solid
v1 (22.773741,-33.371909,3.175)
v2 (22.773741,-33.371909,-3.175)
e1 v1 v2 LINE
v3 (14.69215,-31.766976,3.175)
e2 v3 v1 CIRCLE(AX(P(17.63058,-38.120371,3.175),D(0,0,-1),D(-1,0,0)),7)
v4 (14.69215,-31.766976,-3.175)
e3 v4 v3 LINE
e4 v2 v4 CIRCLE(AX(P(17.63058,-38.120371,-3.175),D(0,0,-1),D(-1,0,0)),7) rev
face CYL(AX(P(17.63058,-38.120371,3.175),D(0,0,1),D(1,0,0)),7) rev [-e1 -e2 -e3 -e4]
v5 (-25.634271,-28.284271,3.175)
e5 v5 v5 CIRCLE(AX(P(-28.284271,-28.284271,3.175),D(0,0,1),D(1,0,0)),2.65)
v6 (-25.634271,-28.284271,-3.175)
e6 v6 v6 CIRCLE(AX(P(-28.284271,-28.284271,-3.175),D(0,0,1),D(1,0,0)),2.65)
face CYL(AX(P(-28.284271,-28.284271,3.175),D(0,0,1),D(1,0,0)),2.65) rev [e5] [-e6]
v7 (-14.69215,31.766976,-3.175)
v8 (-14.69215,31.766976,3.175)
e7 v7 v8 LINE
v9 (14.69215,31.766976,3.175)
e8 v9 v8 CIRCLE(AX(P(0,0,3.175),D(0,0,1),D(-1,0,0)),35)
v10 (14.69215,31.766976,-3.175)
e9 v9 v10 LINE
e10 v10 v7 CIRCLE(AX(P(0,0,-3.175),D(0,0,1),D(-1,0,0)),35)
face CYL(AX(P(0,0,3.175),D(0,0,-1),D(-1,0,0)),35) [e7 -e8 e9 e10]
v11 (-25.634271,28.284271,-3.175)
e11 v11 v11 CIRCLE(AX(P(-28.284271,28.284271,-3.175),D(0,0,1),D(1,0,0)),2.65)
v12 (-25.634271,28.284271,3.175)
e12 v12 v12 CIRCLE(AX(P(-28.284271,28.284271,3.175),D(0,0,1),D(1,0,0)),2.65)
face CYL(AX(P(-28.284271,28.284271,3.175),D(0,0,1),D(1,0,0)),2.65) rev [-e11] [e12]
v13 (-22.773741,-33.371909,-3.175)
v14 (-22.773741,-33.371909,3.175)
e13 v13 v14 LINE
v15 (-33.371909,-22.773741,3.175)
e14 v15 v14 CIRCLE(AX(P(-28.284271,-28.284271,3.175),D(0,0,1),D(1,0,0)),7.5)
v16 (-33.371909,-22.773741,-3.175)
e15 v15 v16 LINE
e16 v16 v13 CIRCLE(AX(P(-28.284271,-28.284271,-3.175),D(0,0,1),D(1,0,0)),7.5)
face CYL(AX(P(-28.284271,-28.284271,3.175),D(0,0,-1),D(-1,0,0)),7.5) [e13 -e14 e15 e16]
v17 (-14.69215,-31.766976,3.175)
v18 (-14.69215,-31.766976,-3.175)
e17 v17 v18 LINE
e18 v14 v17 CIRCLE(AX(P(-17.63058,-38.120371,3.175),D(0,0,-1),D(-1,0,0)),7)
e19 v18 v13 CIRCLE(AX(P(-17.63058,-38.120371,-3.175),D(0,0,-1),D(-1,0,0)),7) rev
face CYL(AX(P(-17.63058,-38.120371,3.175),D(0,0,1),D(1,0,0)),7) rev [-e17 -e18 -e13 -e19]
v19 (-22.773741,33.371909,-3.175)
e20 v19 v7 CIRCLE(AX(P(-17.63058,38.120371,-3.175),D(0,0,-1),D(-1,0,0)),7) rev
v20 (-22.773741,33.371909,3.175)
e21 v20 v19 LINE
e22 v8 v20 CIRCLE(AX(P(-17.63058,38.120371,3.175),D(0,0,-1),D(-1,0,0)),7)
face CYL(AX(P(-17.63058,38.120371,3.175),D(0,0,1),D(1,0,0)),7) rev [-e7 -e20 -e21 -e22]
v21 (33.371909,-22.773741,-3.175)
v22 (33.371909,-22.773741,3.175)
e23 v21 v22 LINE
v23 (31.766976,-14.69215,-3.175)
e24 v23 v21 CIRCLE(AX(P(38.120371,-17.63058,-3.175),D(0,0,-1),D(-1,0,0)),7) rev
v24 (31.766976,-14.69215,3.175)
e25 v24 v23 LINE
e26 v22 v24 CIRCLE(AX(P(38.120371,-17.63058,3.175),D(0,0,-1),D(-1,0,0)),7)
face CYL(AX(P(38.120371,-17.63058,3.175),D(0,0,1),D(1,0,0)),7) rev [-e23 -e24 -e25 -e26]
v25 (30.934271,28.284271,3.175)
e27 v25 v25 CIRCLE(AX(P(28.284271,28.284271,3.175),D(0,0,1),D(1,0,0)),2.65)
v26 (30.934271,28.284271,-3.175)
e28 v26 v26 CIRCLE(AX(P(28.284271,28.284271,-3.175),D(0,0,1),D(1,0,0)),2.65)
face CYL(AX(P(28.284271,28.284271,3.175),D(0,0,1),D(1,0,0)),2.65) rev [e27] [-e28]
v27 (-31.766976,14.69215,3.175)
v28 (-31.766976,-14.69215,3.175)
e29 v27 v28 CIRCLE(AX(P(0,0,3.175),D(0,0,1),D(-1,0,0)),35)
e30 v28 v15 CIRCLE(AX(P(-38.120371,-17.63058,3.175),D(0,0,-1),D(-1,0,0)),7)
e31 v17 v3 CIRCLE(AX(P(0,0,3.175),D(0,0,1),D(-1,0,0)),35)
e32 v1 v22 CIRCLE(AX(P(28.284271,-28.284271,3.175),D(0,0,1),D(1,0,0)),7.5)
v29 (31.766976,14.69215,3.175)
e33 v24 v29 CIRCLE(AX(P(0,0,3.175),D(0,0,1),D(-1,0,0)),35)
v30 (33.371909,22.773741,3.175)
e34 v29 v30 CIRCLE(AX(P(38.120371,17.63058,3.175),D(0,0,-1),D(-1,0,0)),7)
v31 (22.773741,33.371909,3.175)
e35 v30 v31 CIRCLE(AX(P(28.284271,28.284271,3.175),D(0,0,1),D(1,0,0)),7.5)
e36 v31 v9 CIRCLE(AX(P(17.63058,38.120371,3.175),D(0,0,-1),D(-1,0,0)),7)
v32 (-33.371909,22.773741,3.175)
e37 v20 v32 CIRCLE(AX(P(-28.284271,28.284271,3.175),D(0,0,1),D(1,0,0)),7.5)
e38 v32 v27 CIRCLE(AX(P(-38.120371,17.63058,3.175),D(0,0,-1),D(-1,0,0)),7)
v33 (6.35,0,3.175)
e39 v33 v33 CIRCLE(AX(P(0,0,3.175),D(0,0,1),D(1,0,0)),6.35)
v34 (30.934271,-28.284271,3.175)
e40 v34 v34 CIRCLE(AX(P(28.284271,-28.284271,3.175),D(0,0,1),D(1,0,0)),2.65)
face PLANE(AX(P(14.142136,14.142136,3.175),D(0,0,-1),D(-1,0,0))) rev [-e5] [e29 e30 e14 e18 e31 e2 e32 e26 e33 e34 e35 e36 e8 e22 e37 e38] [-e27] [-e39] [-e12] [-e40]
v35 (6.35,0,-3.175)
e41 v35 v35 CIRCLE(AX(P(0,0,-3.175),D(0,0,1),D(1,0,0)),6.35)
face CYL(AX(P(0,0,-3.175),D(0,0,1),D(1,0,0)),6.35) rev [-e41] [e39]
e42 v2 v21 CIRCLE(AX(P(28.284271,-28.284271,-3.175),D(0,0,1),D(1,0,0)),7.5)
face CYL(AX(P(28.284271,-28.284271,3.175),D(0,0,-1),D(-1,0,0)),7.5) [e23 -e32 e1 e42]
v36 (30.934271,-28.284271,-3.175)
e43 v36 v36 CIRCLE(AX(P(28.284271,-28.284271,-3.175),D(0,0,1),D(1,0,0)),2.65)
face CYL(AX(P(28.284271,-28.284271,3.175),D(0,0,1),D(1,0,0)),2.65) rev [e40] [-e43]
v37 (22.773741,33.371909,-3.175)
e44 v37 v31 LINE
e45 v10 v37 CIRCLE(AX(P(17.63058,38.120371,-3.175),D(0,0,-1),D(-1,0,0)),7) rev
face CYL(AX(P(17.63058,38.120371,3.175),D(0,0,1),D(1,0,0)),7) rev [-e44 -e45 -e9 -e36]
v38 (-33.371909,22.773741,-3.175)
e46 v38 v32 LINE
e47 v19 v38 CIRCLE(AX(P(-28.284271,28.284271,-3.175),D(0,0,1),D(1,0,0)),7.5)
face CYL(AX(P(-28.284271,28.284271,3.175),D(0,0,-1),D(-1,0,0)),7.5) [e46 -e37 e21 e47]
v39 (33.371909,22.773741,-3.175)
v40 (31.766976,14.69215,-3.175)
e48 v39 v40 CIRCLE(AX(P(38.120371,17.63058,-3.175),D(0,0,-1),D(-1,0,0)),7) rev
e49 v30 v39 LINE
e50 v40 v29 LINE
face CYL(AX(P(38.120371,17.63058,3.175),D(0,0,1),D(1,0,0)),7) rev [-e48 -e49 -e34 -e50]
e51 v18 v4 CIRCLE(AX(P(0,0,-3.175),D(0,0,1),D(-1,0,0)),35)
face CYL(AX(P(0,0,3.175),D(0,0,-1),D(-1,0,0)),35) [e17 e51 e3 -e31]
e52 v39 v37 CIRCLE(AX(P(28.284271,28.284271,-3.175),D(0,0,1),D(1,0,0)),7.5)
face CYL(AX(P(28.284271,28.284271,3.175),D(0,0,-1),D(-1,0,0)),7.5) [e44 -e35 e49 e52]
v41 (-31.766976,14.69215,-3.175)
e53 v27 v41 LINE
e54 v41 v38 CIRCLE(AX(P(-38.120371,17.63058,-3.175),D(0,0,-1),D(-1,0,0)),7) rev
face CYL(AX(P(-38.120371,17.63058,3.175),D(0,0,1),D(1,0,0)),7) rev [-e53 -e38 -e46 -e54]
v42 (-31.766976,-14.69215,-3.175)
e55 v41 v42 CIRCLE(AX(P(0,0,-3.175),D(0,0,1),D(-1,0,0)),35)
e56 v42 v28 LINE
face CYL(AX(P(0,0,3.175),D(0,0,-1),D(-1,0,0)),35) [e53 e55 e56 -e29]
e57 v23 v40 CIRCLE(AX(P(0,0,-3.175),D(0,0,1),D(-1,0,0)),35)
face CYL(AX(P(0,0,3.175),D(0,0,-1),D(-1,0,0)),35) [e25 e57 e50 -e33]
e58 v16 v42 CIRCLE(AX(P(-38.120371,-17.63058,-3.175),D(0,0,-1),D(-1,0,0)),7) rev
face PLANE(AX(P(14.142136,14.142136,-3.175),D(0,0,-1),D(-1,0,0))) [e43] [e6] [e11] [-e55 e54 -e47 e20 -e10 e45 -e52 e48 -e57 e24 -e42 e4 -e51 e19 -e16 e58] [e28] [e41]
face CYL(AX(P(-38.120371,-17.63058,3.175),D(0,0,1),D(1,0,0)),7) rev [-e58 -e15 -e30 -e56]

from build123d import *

# Parameters (mm, degrees)
BOSS_EXTRUDE1_DEPTH      = 3.175
FILLET1_R                = 7
M5_CLEARANCE_HOLE1_D     = 5.3
M5_CLEARANCE_HOLE1_DEPTH = 6.35
M5_CLEARANCE_HOLE1_TIP   = 1.59228064
SKETCH4_R                = 6.35
CUT_EXTRUDE1_DEPTH       = 52.003437659


with BuildPart() as part:
    # Sketch1 → Boss-Extrude1 (new, symmetric)
    with BuildSketch(Plane.XY):
        with BuildLine():
            ThreePointArc((-20.785305148, 28.159742362), (-33.587572106, 33.587572106), (-28.159742362, 20.785305148))
            ThreePointArc((-28.159742362, 20.785305148), (-35, 0), (-28.159742362, -20.785305148))
            ThreePointArc((-28.159742362, -20.785305148), (-33.587572106, -33.587572106), (-20.785305148, -28.159742362))
            ThreePointArc((-20.785305148, -28.159742362), (0, -35), (20.785305148, -28.159742362))
            ThreePointArc((20.785305148, -28.159742362), (33.587572106, -33.587572106), (28.159742362, -20.785305148))
            ThreePointArc((28.159742362, -20.785305148), (35, 0), (28.159742362, 20.785305148))
            ThreePointArc((28.159742362, 20.785305148), (33.587572106, 33.587572106), (20.785305148, 28.159742362))
            ThreePointArc((20.785305148, 28.159742362), (0, 35), (-20.785305148, 28.159742362))
        make_face()
    extrude(amount=BOSS_EXTRUDE1_DEPTH, both=True)

    # Fillet1
    fillet1_edges = [part.edges().sort_by_distance(p)[0] for p in [
        (20.785305148, 28.159742362, 0),
        (28.159742362, 20.785305148, 0),
        (28.159742362, -20.785305148, 0),
        (20.785305148, -28.159742362, 0),
        (-20.785305148, -28.159742362, 0),
        (-28.159742362, -20.785305148, 0),
        (-28.159742362, 20.785305148, 0),
        (-20.785305148, 28.159742362, 0),
    ]]
    fillet(fillet1_edges, radius=FILLET1_R)

    # M5 Clearance Hole1
    with Locations(Plane.XY.offset(3.175)):
        with Locations((-28.284271247, 28.284271247), (28.284271247, 28.284271247), (28.284271247, -28.284271247), (-28.284271247, -28.284271247)):
            Hole(M5_CLEARANCE_HOLE1_D / 2, depth=M5_CLEARANCE_HOLE1_DEPTH)
            with Locations((0, 0, -(M5_CLEARANCE_HOLE1_DEPTH + M5_CLEARANCE_HOLE1_TIP / 2))):  # 118° drill point
                Cone(0, M5_CLEARANCE_HOLE1_D / 2, M5_CLEARANCE_HOLE1_TIP, mode=Mode.SUBTRACT)

    # Sketch4 → Cut-Extrude1 (cut, through all)
    with BuildSketch(Plane.XY.offset(3.175)):
        Circle(SKETCH4_R)
    extrude(amount=-CUT_EXTRUDE1_DEPTH, mode=Mode.SUBTRACT)


solid = part.part
